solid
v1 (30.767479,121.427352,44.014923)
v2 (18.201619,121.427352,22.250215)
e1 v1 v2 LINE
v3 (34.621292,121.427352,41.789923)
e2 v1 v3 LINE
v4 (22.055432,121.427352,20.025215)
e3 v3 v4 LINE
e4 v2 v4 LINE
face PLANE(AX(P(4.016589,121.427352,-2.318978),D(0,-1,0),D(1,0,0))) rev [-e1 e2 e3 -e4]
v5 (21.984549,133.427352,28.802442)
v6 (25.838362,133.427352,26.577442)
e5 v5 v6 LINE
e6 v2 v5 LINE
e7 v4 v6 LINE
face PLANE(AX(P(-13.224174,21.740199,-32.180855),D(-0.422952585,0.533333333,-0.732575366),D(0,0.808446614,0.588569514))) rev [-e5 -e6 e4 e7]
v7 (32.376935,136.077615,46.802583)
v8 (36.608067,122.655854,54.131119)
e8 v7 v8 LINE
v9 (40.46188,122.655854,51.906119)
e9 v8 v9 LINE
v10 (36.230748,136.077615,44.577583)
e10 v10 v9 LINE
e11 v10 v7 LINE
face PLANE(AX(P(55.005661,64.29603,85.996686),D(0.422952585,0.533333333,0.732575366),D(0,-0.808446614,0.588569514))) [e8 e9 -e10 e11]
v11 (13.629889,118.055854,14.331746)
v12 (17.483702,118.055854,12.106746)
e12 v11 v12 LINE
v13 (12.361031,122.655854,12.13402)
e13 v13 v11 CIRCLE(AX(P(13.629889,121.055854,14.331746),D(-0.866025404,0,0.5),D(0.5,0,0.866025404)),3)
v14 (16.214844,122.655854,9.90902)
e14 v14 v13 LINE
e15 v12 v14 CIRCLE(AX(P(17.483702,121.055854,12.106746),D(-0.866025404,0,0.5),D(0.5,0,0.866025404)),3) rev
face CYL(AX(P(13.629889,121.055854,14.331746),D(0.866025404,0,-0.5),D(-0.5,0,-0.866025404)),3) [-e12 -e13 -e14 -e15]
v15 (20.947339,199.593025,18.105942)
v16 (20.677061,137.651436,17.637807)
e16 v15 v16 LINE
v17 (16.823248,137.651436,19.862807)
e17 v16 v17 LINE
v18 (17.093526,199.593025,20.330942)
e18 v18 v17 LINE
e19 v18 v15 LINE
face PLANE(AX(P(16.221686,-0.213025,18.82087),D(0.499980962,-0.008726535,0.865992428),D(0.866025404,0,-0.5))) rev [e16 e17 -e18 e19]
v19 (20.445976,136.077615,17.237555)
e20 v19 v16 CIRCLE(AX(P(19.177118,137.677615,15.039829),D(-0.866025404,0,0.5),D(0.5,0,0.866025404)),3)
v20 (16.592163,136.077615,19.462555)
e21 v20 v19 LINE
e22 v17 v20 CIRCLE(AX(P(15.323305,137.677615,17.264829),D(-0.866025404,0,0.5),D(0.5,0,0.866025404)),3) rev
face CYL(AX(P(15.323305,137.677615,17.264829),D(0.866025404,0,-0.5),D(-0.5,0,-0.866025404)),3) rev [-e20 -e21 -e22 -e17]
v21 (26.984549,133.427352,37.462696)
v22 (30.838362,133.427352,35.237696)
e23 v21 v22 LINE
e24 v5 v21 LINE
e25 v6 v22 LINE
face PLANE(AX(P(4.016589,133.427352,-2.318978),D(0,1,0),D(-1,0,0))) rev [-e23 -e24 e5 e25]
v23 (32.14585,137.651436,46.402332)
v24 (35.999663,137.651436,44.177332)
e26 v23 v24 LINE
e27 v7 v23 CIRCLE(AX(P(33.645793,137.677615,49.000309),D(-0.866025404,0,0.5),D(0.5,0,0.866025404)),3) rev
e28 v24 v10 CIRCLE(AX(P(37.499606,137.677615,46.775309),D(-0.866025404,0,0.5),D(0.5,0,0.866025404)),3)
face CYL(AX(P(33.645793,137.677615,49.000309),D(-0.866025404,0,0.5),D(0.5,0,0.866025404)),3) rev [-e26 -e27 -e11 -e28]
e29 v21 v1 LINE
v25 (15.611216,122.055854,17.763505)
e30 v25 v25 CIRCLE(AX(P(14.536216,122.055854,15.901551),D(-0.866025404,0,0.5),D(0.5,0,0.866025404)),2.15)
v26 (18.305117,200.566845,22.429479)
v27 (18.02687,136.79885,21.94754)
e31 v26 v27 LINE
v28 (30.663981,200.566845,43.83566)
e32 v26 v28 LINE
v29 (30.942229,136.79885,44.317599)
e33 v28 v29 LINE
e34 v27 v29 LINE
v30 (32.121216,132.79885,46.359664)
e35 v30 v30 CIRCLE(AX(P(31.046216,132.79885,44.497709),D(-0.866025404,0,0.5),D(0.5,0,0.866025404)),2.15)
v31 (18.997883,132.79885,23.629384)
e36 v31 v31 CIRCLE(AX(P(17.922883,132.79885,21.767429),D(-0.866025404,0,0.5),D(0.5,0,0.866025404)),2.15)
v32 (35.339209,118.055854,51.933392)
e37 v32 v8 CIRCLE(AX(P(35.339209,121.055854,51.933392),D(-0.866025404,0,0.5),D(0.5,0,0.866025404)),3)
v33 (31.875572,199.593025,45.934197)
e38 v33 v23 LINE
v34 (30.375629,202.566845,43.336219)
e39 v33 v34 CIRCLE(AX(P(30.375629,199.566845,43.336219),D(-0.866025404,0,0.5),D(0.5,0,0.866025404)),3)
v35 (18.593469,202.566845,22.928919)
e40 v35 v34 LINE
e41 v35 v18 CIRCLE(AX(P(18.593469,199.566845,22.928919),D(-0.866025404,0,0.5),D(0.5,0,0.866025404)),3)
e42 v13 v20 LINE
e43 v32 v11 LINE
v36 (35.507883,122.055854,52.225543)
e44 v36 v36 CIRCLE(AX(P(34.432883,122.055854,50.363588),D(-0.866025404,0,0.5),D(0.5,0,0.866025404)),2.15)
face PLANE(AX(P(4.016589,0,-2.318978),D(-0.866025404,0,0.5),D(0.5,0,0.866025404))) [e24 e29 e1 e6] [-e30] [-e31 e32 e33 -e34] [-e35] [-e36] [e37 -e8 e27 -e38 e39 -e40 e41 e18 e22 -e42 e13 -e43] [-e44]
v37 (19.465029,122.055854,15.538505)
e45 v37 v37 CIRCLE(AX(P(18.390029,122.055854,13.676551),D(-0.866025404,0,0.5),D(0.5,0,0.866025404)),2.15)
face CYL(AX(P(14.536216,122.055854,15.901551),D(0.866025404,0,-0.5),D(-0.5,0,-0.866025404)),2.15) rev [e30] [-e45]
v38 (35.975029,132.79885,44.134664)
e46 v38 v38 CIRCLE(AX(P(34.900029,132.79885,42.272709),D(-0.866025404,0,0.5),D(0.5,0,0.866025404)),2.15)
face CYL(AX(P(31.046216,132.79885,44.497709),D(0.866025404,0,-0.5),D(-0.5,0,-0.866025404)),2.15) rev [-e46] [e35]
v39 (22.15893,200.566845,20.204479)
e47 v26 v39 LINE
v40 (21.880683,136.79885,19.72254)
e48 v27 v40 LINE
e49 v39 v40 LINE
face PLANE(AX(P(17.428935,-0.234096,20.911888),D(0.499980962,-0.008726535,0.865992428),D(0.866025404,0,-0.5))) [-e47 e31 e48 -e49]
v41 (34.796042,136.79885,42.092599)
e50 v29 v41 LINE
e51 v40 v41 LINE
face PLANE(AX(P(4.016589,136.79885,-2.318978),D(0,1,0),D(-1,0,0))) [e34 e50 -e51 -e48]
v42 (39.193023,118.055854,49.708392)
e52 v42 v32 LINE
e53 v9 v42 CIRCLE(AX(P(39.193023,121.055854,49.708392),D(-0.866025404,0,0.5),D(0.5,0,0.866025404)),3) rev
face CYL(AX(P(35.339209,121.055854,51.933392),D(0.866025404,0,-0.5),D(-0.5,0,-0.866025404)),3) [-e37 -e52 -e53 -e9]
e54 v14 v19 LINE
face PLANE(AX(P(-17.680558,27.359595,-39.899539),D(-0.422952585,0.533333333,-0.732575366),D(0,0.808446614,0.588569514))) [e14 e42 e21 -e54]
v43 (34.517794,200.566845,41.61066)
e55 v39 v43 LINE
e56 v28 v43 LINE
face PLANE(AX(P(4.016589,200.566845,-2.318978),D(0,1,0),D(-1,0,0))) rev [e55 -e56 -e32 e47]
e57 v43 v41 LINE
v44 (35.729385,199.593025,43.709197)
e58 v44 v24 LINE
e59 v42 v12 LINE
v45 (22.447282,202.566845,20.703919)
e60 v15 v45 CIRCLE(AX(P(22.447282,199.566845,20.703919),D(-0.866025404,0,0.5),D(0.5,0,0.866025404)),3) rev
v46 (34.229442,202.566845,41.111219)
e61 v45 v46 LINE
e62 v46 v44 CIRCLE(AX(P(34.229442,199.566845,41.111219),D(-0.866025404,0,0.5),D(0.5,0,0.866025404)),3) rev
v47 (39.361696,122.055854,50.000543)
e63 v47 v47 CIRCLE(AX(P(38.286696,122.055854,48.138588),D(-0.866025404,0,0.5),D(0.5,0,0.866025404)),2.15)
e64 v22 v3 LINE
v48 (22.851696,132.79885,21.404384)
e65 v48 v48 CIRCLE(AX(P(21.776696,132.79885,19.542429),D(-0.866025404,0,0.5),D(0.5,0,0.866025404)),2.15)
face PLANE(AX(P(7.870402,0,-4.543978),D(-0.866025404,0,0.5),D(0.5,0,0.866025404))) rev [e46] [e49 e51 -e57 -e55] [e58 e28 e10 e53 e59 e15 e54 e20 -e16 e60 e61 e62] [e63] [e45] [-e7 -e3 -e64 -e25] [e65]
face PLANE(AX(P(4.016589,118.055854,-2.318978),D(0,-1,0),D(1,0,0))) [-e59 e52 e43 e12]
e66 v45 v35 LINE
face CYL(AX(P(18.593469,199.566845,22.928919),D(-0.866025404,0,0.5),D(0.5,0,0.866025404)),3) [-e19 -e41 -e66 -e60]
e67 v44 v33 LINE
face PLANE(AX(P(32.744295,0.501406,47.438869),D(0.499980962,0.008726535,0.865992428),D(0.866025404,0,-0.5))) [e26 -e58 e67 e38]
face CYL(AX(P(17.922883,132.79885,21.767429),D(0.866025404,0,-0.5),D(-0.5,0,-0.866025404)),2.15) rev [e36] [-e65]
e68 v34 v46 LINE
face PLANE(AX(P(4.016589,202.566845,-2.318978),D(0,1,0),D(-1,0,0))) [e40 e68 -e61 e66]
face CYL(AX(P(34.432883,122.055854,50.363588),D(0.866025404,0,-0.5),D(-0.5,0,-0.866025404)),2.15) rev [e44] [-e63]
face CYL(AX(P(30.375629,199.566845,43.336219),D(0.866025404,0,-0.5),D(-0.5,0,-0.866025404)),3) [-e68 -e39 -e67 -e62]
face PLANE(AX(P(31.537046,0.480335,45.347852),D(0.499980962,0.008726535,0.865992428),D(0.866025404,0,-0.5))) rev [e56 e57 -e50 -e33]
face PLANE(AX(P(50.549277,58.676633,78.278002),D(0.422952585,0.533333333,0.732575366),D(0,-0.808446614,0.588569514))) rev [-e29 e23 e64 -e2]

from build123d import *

# Parameters (mm, degrees)
SKETCH1_R           = 2.15
BOSS_EXTRUDE1_DEPTH = 4.45
FILLET1_R           = 3


with BuildPart() as part:
    # Sketch1 → Boss-Extrude1 (new body)
    with BuildSketch(Plane(origin=(7.87040158, 0, -4.543978471), x_dir=(0.5, 0, 0.866025404), z_dir=(-0.866025404, 0, 0.5))):
        Polygon((53.851280609, 136.798849573), (28.020561976, 136.798849573), (25.605878822, 136.798849573), (13.788638888, 118.055853922), (68.083203696, 118.055853922), (56.265963763, 136.798849573), align=None)
        with Locations((21.039254626, 122.055853922)):
            Circle(SKETCH1_R, mode=Mode.SUBTRACT)
        Polygon((53.501781192, 121.427351747), (28.370061392, 121.427351747), (35.935921292, 133.427351747), (45.935921292, 133.427351747), align=None, mode=Mode.SUBTRACT)
        with BuildLine():
            ThreePointArc((28.307564738, 134.891096687), (29.498811561, 134.132697376), (29.962587959, 132.798849573))
            ThreePointArc((29.962587959, 132.798849573), (28.449874626, 130.745470479), (26.040387304, 131.581555509))
            Line((26.040387304, 131.581555509), (25.535036631, 130.843863418))
            Line((25.535036631, 130.843863418), (25.213105243, 131.064400205))
            ThreePointArc((25.213105243, 131.064400205), (24.994059417, 131.449211896), (24.831600224, 131.861119802))
            Line((24.831600224, 131.861119802), (25.010769387, 134.182842957))
            ThreePointArc((25.010769387, 134.182842957), (25.234503174, 134.564948053), (25.509996288, 134.911595794))
            Line((25.509996288, 134.911595794), (27.610252102, 135.917292326))
            ThreePointArc((27.610252102, 135.917292326), (28.053031716, 135.91458573), (28.490984023, 135.849325565))
            Line((28.490984023, 135.849325565), (28.812915411, 135.628788778))
            Line((28.812915411, 135.628788778), (28.307564738, 134.891096687))
        make_face(mode=Mode.SUBTRACT)
        with Locations((54.059254626, 132.798849573)):
            Circle(SKETCH1_R, mode=Mode.SUBTRACT)
        with Locations((60.832587959, 122.055853922)):
            Circle(SKETCH1_R, mode=Mode.SUBTRACT)
        Polygon((28.020561976, 136.798849573), (28.577056843, 200.566845224), (53.294785741, 200.566845224), (53.851280609, 136.798849573), (56.265963763, 136.798849573), (55.69201516, 202.566845224), (26.179827424, 202.566845224), (25.605878822, 136.798849573), align=None)
        with BuildLine():
            ThreePointArc((26.040387304, 131.581555509), (26.038865627, 134.013925327), (28.307564738, 134.891096687))
            Line((28.307564738, 134.891096687), (28.812915411, 135.628788778))
            Line((28.812915411, 135.628788778), (28.490984023, 135.849325565))
            ThreePointArc((28.490984023, 135.849325565), (28.053031716, 135.91458573), (27.610252102, 135.917292326))
            Line((27.610252102, 135.917292326), (25.509996288, 134.911595794))
            ThreePointArc((25.509996288, 134.911595794), (25.234503174, 134.564948053), (25.010769387, 134.182842957))
            Line((25.010769387, 134.182842957), (24.831600224, 131.861119802))
            ThreePointArc((24.831600224, 131.861119802), (24.994059417, 131.449211896), (25.213105243, 131.064400205))
            Line((25.213105243, 131.064400205), (25.535036631, 130.843863418))
            Line((25.535036631, 130.843863418), (26.040387304, 131.581555509))
        make_face()
    extrude(amount=BOSS_EXTRUDE1_DEPTH)

    # Fillet1
    fillet1_edges = [part.edges().sort_by_distance(p)[0] for p in [
        (12.8378145, 118.055853922, 8.50983309),
        (18.746434467, 136.798849573, 18.743863075),
        (19.033408769, 202.566845224, 19.240917146),
        (33.789502636, 202.566845224, 44.799221446),
        (34.076476938, 136.798849573, 45.296275517),
        (39.985096905, 118.055853922, 55.530305501),
    ]]
    fillet(fillet1_edges, radius=FILLET1_R)


solid = part.part
